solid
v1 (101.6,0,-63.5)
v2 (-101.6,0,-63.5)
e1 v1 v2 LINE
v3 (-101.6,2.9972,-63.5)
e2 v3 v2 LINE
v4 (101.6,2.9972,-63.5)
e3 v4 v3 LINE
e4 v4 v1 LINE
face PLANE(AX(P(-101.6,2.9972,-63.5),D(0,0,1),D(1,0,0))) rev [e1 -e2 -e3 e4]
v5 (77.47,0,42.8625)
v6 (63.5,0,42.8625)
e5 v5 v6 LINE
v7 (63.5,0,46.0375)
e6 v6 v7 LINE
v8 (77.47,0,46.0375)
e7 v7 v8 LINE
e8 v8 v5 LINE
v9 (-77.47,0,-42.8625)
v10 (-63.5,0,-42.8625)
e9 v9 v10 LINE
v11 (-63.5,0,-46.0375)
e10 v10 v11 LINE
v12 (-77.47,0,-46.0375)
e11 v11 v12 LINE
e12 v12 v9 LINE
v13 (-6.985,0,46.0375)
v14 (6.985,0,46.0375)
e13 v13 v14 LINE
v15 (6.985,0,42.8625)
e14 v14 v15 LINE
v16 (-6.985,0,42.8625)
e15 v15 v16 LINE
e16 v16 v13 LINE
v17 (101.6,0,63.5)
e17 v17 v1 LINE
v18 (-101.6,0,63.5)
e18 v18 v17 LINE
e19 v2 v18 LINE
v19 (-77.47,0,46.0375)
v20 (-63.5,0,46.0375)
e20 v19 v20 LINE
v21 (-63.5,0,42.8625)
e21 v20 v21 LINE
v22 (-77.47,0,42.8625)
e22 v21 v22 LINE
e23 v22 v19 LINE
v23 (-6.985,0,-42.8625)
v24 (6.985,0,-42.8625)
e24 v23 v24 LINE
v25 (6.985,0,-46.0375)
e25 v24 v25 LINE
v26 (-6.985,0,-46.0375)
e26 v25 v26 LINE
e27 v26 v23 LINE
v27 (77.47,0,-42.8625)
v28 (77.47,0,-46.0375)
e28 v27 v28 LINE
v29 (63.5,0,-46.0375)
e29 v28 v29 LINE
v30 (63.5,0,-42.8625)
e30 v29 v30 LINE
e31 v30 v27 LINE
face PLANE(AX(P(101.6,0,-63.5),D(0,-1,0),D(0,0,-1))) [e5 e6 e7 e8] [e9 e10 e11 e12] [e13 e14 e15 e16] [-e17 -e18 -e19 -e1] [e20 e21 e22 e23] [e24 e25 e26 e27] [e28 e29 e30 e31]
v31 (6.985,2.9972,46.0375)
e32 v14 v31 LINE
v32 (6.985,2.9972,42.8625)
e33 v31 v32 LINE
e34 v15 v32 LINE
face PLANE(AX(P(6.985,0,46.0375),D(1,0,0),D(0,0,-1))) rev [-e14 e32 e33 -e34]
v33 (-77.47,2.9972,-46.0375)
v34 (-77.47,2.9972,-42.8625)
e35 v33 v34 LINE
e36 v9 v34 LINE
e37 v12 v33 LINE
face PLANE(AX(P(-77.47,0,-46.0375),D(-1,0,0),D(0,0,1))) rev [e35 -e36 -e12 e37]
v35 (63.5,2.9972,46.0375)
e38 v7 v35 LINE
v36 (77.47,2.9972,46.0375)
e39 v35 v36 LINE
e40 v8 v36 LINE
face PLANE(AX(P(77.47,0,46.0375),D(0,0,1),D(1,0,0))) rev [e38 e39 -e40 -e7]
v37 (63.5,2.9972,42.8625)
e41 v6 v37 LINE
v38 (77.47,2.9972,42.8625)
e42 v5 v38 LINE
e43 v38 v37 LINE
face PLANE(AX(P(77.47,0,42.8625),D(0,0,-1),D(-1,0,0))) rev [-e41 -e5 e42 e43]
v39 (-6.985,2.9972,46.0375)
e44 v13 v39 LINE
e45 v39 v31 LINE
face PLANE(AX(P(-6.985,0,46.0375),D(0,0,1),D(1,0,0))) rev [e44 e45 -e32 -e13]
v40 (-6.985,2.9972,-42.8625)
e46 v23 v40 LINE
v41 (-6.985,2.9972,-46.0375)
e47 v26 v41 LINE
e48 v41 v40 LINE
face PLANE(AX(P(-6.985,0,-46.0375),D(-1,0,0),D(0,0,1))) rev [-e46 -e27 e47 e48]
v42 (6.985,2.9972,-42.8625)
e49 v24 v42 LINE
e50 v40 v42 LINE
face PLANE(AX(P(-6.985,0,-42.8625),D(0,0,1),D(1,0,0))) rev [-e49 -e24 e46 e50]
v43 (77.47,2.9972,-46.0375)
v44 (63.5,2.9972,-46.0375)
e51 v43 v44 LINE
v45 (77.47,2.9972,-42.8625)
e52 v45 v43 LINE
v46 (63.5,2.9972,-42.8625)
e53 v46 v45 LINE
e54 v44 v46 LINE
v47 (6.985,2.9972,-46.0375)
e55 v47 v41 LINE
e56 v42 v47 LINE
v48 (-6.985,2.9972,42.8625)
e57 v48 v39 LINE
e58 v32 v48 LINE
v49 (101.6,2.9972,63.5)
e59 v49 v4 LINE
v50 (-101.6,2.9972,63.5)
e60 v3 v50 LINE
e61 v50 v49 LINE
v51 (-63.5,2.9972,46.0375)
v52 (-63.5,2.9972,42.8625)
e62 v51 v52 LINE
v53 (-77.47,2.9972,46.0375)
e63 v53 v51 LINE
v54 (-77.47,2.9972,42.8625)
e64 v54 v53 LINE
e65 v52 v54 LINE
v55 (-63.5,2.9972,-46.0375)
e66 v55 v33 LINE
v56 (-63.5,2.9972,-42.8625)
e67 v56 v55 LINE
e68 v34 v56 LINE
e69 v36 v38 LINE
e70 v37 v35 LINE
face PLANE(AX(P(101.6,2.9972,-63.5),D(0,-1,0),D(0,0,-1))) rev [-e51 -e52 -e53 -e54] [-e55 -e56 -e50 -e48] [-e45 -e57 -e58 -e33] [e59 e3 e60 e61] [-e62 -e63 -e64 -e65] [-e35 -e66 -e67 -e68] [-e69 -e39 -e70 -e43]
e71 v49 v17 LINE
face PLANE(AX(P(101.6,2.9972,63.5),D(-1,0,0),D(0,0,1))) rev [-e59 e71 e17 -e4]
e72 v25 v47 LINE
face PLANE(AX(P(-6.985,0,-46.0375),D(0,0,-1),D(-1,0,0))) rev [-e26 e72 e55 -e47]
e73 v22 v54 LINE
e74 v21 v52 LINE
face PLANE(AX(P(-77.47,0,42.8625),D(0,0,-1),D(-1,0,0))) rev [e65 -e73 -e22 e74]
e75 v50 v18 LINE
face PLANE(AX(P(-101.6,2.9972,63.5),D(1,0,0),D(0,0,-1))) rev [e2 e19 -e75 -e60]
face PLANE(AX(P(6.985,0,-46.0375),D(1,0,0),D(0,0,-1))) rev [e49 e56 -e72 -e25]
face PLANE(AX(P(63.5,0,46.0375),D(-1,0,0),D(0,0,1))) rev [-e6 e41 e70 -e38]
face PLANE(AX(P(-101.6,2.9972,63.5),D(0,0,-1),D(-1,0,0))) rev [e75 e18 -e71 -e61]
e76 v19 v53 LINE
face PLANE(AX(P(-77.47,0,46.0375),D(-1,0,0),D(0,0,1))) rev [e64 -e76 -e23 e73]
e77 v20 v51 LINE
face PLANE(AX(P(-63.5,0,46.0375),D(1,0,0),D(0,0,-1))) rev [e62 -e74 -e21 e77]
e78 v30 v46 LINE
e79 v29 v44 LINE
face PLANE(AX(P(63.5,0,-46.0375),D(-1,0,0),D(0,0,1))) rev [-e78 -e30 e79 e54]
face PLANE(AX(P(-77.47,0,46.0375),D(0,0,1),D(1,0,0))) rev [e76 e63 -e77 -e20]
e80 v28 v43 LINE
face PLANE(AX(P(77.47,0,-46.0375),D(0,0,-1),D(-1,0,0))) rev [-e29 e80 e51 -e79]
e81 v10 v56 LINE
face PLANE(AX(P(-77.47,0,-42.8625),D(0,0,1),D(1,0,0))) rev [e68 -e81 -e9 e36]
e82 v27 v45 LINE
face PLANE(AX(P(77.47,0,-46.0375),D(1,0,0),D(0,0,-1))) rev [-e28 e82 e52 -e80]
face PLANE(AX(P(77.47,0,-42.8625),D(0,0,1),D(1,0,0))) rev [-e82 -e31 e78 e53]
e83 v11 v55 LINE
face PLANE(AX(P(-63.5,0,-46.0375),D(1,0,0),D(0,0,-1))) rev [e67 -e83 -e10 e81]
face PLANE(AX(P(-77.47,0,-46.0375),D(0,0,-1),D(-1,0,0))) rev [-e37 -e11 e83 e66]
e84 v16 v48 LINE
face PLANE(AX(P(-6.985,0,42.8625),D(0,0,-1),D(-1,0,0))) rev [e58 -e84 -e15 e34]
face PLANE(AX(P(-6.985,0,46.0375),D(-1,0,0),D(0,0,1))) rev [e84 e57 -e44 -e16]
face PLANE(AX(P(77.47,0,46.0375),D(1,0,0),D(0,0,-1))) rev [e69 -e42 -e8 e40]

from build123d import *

# Parameters (mm, degrees)
SKETCH1_W      = 203.2
SKETCH1_H      = 127
EXTRUDE1_DEPTH = 2.9972
SKETCH2_W      = 13.97
SKETCH2_H      = 3.175
SLOTS_DEPTH    = 3.9972


with BuildPart() as part:
    # Sketch1 → Extrude1 (new body)
    with BuildSketch(Plane(origin=(0, 0, 0), x_dir=(1, 0, 0), z_dir=(0, 1, 0))):
        Rectangle(SKETCH1_W, SKETCH1_H)
    extrude(amount=EXTRUDE1_DEPTH)

    # Sketch2 → Slots (cut, through all)
    with BuildSketch(Plane(origin=(0, 2.9972, 0), x_dir=(-1, 0, 0), z_dir=(0, 1, 0))):
        with Locations((-70.485, -44.45)):
            Rectangle(SKETCH2_W, SKETCH2_H)
        with Locations((70.485, -44.45)):
            Rectangle(SKETCH2_W, SKETCH2_H)
        with Locations((0, -44.45)):
            Rectangle(SKETCH2_W, SKETCH2_H)
        with Locations((-70.485, 44.45)):
            Rectangle(SKETCH2_W, SKETCH2_H)
        with Locations((0, 44.45)):
            Rectangle(SKETCH2_W, SKETCH2_H)
        with Locations((70.485, 44.45)):
            Rectangle(SKETCH2_W, SKETCH2_H)
    extrude(amount=-SLOTS_DEPTH, mode=Mode.SUBTRACT)


solid = part.part
